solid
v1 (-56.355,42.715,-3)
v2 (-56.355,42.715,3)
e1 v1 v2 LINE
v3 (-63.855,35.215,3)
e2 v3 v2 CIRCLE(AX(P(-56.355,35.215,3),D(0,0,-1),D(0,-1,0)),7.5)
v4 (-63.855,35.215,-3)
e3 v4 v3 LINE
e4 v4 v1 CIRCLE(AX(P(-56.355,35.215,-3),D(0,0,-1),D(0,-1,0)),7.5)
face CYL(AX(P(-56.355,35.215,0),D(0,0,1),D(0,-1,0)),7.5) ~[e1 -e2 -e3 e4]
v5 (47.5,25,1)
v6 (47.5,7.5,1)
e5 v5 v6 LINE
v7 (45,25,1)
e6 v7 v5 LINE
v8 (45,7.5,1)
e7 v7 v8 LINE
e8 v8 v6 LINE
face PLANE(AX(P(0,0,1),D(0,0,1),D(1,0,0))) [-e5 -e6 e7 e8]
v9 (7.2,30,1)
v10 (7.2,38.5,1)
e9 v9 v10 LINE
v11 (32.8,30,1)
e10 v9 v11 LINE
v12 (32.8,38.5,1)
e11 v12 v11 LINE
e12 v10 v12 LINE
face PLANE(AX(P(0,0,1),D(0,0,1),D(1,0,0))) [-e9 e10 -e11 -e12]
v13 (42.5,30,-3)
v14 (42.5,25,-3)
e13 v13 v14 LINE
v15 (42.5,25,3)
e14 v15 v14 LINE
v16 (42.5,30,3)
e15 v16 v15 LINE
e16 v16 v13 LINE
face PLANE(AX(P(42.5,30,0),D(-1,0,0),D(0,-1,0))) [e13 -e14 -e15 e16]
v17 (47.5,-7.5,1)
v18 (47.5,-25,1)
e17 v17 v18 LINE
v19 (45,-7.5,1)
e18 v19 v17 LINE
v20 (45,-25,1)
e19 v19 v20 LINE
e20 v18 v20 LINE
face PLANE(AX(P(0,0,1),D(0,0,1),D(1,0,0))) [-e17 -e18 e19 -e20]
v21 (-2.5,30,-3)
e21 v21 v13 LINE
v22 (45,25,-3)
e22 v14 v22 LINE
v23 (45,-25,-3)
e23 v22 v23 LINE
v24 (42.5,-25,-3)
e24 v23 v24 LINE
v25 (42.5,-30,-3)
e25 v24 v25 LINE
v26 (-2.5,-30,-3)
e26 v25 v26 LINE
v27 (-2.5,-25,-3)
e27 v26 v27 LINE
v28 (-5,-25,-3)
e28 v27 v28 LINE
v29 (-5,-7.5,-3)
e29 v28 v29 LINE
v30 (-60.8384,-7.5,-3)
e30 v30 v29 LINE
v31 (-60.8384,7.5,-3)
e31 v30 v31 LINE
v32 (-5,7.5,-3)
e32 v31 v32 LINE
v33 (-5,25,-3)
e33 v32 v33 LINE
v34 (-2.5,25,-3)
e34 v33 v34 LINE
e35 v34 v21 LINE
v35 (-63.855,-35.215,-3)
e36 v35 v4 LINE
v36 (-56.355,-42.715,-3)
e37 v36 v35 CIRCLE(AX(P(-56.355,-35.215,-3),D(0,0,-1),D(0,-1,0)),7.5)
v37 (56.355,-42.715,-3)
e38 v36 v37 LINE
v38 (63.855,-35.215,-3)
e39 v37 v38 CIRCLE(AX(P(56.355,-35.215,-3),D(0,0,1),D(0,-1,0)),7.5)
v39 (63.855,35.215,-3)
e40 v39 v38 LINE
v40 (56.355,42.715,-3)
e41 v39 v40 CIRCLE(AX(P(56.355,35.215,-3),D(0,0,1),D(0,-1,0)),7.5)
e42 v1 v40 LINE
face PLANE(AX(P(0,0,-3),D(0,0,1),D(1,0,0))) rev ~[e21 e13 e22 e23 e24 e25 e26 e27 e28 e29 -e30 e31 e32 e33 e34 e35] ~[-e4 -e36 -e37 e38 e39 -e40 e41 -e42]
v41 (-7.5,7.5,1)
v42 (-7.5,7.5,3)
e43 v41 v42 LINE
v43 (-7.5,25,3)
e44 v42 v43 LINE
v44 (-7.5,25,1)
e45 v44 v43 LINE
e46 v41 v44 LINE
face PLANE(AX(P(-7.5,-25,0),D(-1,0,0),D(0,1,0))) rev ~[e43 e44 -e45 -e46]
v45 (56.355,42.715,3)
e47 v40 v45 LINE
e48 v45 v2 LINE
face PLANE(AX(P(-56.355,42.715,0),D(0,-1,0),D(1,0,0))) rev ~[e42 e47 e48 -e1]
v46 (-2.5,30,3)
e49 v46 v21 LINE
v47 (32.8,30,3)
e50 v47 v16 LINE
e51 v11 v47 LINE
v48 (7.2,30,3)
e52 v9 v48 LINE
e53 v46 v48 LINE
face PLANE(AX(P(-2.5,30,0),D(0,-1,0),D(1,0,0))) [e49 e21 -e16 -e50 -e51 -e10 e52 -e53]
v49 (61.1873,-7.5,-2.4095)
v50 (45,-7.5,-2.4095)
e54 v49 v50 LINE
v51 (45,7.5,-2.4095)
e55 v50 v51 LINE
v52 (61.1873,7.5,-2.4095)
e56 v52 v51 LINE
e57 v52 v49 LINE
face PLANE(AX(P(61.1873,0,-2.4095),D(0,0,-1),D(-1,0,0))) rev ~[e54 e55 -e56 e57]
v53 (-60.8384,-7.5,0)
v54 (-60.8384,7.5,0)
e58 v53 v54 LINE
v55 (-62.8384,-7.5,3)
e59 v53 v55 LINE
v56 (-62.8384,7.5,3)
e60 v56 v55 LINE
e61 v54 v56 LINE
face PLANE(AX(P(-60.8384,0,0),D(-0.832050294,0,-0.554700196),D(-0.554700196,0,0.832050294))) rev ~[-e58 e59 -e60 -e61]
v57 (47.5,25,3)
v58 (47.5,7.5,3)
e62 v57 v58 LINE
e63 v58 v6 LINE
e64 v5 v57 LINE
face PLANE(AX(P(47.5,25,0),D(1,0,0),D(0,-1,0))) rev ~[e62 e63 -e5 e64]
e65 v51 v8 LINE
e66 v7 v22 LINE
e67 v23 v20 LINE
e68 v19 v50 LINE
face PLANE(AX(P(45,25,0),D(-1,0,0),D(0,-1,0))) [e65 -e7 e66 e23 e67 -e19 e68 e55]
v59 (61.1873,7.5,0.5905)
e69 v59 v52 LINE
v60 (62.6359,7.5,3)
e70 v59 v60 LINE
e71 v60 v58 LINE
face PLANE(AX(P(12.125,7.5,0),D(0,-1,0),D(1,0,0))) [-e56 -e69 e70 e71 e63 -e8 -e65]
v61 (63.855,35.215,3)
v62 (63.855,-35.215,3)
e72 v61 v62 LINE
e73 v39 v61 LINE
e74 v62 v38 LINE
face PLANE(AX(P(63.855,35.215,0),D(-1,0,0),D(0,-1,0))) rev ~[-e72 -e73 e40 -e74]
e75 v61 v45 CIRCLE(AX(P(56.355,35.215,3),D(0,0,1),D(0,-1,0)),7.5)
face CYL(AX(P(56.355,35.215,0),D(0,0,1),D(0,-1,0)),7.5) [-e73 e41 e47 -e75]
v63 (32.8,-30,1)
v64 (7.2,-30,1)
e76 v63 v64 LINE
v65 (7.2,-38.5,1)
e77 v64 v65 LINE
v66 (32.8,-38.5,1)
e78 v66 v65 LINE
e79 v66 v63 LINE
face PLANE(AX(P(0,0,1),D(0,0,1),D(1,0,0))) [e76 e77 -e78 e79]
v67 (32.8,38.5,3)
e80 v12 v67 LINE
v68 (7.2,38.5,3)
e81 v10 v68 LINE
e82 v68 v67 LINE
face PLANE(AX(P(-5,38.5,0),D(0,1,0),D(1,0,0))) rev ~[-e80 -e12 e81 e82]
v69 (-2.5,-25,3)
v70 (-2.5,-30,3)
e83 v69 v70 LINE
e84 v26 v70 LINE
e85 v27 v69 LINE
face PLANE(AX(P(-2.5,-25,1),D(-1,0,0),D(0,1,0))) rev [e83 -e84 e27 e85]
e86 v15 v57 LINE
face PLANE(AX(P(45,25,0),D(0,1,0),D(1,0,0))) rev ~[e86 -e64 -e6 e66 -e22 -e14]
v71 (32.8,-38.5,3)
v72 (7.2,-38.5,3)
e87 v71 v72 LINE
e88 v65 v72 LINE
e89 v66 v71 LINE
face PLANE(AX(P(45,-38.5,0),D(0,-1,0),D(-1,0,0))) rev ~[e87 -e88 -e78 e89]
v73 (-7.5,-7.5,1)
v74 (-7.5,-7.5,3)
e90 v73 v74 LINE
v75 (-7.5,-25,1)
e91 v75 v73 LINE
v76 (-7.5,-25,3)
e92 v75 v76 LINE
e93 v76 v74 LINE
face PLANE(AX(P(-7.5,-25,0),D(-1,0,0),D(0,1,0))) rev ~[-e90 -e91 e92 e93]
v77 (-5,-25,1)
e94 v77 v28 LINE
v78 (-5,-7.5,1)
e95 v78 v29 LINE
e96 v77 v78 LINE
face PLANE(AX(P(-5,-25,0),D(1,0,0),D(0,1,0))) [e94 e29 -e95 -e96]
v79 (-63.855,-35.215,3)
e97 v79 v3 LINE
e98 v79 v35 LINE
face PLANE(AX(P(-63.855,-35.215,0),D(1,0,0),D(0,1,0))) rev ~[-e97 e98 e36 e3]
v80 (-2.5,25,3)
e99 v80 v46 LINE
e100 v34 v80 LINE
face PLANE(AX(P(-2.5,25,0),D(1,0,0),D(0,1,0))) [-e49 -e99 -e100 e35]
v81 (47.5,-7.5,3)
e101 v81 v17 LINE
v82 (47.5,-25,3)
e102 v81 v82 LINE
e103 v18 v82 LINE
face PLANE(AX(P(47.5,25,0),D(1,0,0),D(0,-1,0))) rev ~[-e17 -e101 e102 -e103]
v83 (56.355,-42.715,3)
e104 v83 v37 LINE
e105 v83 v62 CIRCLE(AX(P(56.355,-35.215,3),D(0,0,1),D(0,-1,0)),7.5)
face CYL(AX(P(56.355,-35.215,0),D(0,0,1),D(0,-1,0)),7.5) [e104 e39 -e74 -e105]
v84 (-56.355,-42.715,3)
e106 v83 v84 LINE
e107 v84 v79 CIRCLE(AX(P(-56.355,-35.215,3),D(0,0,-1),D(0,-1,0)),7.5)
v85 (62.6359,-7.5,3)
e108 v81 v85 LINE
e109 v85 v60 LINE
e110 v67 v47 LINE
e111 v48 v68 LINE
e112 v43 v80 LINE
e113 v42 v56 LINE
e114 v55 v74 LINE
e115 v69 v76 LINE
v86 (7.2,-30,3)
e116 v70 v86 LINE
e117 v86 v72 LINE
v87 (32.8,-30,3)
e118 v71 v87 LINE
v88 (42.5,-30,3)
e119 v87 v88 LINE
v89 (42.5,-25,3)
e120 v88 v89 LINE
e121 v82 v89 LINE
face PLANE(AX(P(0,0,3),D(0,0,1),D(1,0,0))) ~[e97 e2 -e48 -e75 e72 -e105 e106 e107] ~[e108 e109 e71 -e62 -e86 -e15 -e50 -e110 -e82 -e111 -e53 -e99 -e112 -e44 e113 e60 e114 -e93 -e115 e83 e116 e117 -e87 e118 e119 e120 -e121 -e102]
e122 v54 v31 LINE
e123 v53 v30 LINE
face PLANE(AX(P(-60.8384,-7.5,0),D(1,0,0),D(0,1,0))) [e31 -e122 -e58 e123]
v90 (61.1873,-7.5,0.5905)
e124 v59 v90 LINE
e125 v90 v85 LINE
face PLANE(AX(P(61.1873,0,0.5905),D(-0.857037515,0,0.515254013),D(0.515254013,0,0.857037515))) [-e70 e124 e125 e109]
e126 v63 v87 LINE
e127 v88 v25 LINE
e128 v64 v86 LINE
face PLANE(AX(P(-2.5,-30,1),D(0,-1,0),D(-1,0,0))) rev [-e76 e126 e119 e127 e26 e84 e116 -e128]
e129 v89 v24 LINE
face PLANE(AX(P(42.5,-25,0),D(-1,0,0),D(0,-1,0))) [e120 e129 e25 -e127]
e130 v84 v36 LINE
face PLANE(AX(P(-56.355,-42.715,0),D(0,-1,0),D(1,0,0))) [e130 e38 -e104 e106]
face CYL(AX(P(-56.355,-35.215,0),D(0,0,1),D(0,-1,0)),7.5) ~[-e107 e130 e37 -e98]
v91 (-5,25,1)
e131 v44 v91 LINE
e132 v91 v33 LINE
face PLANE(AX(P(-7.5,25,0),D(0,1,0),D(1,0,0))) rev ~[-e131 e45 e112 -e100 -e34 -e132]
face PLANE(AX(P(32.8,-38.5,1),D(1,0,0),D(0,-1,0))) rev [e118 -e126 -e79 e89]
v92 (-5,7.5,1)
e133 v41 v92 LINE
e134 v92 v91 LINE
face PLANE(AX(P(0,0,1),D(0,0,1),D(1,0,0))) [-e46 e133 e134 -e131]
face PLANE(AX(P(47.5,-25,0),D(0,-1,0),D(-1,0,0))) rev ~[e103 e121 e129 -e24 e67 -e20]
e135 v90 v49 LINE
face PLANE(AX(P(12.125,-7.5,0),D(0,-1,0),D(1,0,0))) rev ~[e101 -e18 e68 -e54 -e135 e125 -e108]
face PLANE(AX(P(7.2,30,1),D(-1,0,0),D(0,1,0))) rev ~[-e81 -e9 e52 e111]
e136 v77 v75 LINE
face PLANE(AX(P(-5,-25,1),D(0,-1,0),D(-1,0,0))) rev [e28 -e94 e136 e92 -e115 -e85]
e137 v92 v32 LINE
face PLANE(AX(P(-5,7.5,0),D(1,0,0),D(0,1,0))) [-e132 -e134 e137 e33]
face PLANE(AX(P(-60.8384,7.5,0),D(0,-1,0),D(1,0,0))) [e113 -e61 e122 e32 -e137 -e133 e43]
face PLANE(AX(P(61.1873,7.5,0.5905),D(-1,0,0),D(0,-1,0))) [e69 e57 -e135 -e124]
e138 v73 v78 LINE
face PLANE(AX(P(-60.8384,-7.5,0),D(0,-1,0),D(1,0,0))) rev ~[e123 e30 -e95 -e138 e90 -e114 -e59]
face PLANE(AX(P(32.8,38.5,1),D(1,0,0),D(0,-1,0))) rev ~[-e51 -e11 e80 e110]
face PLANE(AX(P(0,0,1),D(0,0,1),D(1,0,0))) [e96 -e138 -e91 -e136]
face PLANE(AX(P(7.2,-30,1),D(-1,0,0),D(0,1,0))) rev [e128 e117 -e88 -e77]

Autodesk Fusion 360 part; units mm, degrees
sketch "Sketch1" plane through (0, 0, 0) normal (0, 0, 1) x (1, 0, 0)
  line L0 (63.855, -42.715) -> (-63.855, -42.715)
  line L1 (-63.855, -42.715) -> (-63.855, 42.715)
  line L2 (-63.855, 42.715) -> (63.855, 42.715)
  line L3 (63.855, 42.715) -> (63.855, -42.715)
  line L4 (63.855, -42.715) -> (-63.855, 42.715) construction
  line L5 (-63.855, -42.715) -> (63.855, 42.715) construction
  line L6 (45, -38.5) -> (-5, -38.5)
  line L7 (-5, -38.5) -> (-5, 38.5)
  line L8 (-5, 38.5) -> (45, 38.5)
  line L9 (45, 38.5) -> (45, -38.5)
  line L10 (45, -38.5) -> (-5, 38.5) construction
  line L11 (-5, -38.5) -> (45, 38.5) construction
  line L12 (-2.5, 30) -> (42.5, 30)
  line L13 (42.5, 30) -> (42.5, -30)
  line L14 (42.5, -30) -> (-2.5, -30)
  line L15 (-2.5, -30) -> (-2.5, 30)
  line L16 (-2.5, 30) -> (42.5, -30) construction
  line L17 (42.5, 30) -> (-2.5, -30) construction
  line L18 (-7.5, 25) -> (47.5, 25)
  line L19 (47.5, 25) -> (47.5, -25)
  line L20 (47.5, -25) -> (-7.5, -25)
  line L21 (-7.5, -25) -> (-7.5, 25)
  line L22 (-7.5, 25) -> (47.5, -25) construction
  line L23 (47.5, 25) -> (-7.5, -25) construction
  line L24 (63.855, 42.715) -> (83.855, 42.715)
  line L25 (83.855, 42.715) -> (83.855, -42.715)
  line L26 (83.855, -42.715) -> (63.855, -42.715)
  line L27 (63.855, -42.715) -> (63.855, 42.715)
  line L28 (-63.855, 42.715) -> (-43.855, 42.715)
  line L29 (-43.855, 42.715) -> (-43.855, -42.715)
  line L30 (-43.855, -42.715) -> (-63.855, -42.715)
  line L31 (-63.855, -42.715) -> (-63.855, 42.715)
  point P0 (20, 0)
  point P1 (20, 0)
  point P2 (20, 0)
  dimension "d1" = 85.43
  dimension "d2" = 127.71
  dimension "d3" = 50
  dimension "d4" = 77
  dimension "d5" = 45
  dimension "d6" = 60
  dimension "d7" = 55
  dimension "d8" = 50
  dimension "d43" = 20
  dimension "d44" = 20
extrude "Extrude1" add sketch "Sketch1" along normal blind 3 contours L0 L2 L3 L27 L29 | L0 L1 L2 L28 L29 L30 L31 makes body 1
extrude "Extrude2" add sketch "Sketch1" along normal blind 1 contours L6 L7 L9 L13 L14 L15 L20 | L9 L18 L19 L20 | L7 L18 L20 L21 | L7 L8 L9 L12 L13 L15 L18 bodies 1
fillet "Fillet1" radius 7.5 4 edges at (-63.855, -42.715, 1.5) (63.855, -42.715, 1.5) (-63.855, 42.715, 1.5) (63.855, 42.715, 1.5) on bodies 1
sketch "Sketch2" plane through (0, 0, 3) normal (0, 0, 1) x (-1, 0, 0)
  line L0 (-56.355, -42.715) -> (56.355, -42.715)
  line L1 (56.355, 42.715) -> (-56.355, 42.715)
  line L2 (5, 25) -> (7.5, 25)
  line L3 (7.5, 25) -> (7.5, -25)
  line L4 (7.5, -25) -> (5, -25)
  line L5 (5, -25) -> (5, -38.5)
  line L6 (5, -38.5) -> (-45, -38.5)
  line L7 (-45, -38.5) -> (-45, -25)
  line L8 (-45, -25) -> (-47.5, -25)
  line L9 (-47.5, -25) -> (-47.5, 25)
  line L10 (-47.5, 25) -> (-45, 25)
  line L11 (-45, 25) -> (-45, 38.5)
  line L12 (-45, 38.5) -> (5, 38.5)
  line L13 (5, 38.5) -> (5, 25)
  line L14 (5, 25) -> (5, 27.5)
  arc A0 (7.5, 25) -> (5, 27.5) centre (3.9613, 23.9613) ccw
  line L15 (-20, 5) -> (-20, 10)
  line L16 (-20, 10) -> (-20, 5)
  line L17 (-20, 5) -> (-15, 5)
  arc A1 (5, -17.5) -> (7.5, -15) centre (3.9613, -13.9613) ccw
  arc A2 (-47.5, -15) -> (-45, -17.5) centre (-43.9613, -13.9613) ccw
  arc A3 (-45, 27.5) -> (-47.5, 25) centre (-43.9613, 23.9613) ccw
  arc A4 (-63.855, -35.215) -> (-56.355, -42.715) centre (-56.355, -35.215) ccw
  arc A5 (56.355, -42.715) -> (63.855, -35.215) centre (56.355, -35.215) ccw
  line L18 (63.855, -35.215) -> (63.855, 35.215)
  arc A6 (63.855, 35.215) -> (56.355, 42.715) centre (56.355, 35.215) ccw
  arc A7 (-56.355, 42.715) -> (-63.855, 35.215) centre (-56.355, 35.215) ccw
  line L19 (-63.855, 35.215) -> (-63.855, -35.215)
  dimension "d14" = 2.5
extrude "Extrude3" [suppressed]
fillet "Fillet2" [suppressed]
ref_plane "WorkPlane1" through (12.125, 0, 0) normal (0, -1, 0) x (1, 0, 0)
sketch "Sketch5" plane through (12.125, 0, 0) normal (0, -1, 0) x (1, 0, 0)
  line L0 (-15, 3) -> (-72.9634, 3)
  line L1 (-72.9634, 3) -> (-72.9634, 0)
  line L2 (-72.9634, 0) -> (-15, 0)
  line L3 (-15, 0) -> (-15, 3)
  line L4 (-72.9634, 0) -> (-74.9634, 3)
  line L5 (-74.9634, 3) -> (-72.9634, 3)
  line L6 (32, 3) -> (49.0623, 3)
  line L7 (49.0623, 3) -> (49.0623, 0.5905)
  line L8 (49.0623, 0.5905) -> (32, 0.5905)
  line L9 (32, 0.5905) -> (32, 3)
  line L10 (49.0623, 0.5905) -> (50.5109, 3)
  line L11 (50.5109, 3) -> (49.0623, 3)
extrude "Extrude5" cut sketch "Sketch5" along normal mid plane 15 bodies 1
extrude "Extrude9" add 1 faces at (-40.7311, -25.0717, 0) along direction (0, 0, -1) blind 3 on bodies 1 bodies 1
extrude "Extrude10" cut 1 faces at (55.7915, 2.5, 0.5905) along direction (0, 0, -1) blind 3 on bodies 1 bodies 1
sketch "Sketch6" plane through (0, 0, 1) normal (0, 0, 1) x (-1, 0, 0)
  line L0 (-45, -25) -> (-45, -38.5)
  line L1 (-45, -38.5) -> (5, -38.5)
  line L2 (5, -38.5) -> (5, -25)
  line L3 (2.5, -25) -> (2.5, -30)
  line L4 (2.5, -30) -> (-42.5, -30)
  line L5 (-42.5, -30) -> (-42.5, -25)
  line L6 (-20, -38.5) -> (-7.2, -38.5)
  line L7 (-20, -38.5) -> (-32.8, -38.5)
  line L8 (-7.2, -38.5) -> (-32.8, -38.5)
  line L9 (-32.8, -38.5) -> (-32.8, 39.8185)
  line L10 (-32.8, 39.8185) -> (-7.2, 39.8185)
  line L11 (-7.2, 39.8185) -> (-7.2, -38.5)
  line L12 (-42.5, -25) -> (-45, -25)
  line L13 (5, -25) -> (2.5, -25)
  dimension "d35" = 12.8
  dimension "d36" = 12.8
extrude "Extrude12" add sketch "Sketch6" along normal blind 2 separate body contours L0 L1 L4 L5 L9 L12 | L1 L2 L3 L4 L11 L13 makes body 2 at (-0.1, 35.6667, 1) makes body 3 at (40.1, 35.6667, 1)
mirror "Mirror1" about plane through (0, 0, 0) normal (0, 1, 0) of bodies 3 2 makes body 4 at (-0.1, -35.6667, 1) makes body 5 at (40.1, -35.6667, 1)
combine "Combine1" operation add target body 5 tool bodies 3 4 1 2
